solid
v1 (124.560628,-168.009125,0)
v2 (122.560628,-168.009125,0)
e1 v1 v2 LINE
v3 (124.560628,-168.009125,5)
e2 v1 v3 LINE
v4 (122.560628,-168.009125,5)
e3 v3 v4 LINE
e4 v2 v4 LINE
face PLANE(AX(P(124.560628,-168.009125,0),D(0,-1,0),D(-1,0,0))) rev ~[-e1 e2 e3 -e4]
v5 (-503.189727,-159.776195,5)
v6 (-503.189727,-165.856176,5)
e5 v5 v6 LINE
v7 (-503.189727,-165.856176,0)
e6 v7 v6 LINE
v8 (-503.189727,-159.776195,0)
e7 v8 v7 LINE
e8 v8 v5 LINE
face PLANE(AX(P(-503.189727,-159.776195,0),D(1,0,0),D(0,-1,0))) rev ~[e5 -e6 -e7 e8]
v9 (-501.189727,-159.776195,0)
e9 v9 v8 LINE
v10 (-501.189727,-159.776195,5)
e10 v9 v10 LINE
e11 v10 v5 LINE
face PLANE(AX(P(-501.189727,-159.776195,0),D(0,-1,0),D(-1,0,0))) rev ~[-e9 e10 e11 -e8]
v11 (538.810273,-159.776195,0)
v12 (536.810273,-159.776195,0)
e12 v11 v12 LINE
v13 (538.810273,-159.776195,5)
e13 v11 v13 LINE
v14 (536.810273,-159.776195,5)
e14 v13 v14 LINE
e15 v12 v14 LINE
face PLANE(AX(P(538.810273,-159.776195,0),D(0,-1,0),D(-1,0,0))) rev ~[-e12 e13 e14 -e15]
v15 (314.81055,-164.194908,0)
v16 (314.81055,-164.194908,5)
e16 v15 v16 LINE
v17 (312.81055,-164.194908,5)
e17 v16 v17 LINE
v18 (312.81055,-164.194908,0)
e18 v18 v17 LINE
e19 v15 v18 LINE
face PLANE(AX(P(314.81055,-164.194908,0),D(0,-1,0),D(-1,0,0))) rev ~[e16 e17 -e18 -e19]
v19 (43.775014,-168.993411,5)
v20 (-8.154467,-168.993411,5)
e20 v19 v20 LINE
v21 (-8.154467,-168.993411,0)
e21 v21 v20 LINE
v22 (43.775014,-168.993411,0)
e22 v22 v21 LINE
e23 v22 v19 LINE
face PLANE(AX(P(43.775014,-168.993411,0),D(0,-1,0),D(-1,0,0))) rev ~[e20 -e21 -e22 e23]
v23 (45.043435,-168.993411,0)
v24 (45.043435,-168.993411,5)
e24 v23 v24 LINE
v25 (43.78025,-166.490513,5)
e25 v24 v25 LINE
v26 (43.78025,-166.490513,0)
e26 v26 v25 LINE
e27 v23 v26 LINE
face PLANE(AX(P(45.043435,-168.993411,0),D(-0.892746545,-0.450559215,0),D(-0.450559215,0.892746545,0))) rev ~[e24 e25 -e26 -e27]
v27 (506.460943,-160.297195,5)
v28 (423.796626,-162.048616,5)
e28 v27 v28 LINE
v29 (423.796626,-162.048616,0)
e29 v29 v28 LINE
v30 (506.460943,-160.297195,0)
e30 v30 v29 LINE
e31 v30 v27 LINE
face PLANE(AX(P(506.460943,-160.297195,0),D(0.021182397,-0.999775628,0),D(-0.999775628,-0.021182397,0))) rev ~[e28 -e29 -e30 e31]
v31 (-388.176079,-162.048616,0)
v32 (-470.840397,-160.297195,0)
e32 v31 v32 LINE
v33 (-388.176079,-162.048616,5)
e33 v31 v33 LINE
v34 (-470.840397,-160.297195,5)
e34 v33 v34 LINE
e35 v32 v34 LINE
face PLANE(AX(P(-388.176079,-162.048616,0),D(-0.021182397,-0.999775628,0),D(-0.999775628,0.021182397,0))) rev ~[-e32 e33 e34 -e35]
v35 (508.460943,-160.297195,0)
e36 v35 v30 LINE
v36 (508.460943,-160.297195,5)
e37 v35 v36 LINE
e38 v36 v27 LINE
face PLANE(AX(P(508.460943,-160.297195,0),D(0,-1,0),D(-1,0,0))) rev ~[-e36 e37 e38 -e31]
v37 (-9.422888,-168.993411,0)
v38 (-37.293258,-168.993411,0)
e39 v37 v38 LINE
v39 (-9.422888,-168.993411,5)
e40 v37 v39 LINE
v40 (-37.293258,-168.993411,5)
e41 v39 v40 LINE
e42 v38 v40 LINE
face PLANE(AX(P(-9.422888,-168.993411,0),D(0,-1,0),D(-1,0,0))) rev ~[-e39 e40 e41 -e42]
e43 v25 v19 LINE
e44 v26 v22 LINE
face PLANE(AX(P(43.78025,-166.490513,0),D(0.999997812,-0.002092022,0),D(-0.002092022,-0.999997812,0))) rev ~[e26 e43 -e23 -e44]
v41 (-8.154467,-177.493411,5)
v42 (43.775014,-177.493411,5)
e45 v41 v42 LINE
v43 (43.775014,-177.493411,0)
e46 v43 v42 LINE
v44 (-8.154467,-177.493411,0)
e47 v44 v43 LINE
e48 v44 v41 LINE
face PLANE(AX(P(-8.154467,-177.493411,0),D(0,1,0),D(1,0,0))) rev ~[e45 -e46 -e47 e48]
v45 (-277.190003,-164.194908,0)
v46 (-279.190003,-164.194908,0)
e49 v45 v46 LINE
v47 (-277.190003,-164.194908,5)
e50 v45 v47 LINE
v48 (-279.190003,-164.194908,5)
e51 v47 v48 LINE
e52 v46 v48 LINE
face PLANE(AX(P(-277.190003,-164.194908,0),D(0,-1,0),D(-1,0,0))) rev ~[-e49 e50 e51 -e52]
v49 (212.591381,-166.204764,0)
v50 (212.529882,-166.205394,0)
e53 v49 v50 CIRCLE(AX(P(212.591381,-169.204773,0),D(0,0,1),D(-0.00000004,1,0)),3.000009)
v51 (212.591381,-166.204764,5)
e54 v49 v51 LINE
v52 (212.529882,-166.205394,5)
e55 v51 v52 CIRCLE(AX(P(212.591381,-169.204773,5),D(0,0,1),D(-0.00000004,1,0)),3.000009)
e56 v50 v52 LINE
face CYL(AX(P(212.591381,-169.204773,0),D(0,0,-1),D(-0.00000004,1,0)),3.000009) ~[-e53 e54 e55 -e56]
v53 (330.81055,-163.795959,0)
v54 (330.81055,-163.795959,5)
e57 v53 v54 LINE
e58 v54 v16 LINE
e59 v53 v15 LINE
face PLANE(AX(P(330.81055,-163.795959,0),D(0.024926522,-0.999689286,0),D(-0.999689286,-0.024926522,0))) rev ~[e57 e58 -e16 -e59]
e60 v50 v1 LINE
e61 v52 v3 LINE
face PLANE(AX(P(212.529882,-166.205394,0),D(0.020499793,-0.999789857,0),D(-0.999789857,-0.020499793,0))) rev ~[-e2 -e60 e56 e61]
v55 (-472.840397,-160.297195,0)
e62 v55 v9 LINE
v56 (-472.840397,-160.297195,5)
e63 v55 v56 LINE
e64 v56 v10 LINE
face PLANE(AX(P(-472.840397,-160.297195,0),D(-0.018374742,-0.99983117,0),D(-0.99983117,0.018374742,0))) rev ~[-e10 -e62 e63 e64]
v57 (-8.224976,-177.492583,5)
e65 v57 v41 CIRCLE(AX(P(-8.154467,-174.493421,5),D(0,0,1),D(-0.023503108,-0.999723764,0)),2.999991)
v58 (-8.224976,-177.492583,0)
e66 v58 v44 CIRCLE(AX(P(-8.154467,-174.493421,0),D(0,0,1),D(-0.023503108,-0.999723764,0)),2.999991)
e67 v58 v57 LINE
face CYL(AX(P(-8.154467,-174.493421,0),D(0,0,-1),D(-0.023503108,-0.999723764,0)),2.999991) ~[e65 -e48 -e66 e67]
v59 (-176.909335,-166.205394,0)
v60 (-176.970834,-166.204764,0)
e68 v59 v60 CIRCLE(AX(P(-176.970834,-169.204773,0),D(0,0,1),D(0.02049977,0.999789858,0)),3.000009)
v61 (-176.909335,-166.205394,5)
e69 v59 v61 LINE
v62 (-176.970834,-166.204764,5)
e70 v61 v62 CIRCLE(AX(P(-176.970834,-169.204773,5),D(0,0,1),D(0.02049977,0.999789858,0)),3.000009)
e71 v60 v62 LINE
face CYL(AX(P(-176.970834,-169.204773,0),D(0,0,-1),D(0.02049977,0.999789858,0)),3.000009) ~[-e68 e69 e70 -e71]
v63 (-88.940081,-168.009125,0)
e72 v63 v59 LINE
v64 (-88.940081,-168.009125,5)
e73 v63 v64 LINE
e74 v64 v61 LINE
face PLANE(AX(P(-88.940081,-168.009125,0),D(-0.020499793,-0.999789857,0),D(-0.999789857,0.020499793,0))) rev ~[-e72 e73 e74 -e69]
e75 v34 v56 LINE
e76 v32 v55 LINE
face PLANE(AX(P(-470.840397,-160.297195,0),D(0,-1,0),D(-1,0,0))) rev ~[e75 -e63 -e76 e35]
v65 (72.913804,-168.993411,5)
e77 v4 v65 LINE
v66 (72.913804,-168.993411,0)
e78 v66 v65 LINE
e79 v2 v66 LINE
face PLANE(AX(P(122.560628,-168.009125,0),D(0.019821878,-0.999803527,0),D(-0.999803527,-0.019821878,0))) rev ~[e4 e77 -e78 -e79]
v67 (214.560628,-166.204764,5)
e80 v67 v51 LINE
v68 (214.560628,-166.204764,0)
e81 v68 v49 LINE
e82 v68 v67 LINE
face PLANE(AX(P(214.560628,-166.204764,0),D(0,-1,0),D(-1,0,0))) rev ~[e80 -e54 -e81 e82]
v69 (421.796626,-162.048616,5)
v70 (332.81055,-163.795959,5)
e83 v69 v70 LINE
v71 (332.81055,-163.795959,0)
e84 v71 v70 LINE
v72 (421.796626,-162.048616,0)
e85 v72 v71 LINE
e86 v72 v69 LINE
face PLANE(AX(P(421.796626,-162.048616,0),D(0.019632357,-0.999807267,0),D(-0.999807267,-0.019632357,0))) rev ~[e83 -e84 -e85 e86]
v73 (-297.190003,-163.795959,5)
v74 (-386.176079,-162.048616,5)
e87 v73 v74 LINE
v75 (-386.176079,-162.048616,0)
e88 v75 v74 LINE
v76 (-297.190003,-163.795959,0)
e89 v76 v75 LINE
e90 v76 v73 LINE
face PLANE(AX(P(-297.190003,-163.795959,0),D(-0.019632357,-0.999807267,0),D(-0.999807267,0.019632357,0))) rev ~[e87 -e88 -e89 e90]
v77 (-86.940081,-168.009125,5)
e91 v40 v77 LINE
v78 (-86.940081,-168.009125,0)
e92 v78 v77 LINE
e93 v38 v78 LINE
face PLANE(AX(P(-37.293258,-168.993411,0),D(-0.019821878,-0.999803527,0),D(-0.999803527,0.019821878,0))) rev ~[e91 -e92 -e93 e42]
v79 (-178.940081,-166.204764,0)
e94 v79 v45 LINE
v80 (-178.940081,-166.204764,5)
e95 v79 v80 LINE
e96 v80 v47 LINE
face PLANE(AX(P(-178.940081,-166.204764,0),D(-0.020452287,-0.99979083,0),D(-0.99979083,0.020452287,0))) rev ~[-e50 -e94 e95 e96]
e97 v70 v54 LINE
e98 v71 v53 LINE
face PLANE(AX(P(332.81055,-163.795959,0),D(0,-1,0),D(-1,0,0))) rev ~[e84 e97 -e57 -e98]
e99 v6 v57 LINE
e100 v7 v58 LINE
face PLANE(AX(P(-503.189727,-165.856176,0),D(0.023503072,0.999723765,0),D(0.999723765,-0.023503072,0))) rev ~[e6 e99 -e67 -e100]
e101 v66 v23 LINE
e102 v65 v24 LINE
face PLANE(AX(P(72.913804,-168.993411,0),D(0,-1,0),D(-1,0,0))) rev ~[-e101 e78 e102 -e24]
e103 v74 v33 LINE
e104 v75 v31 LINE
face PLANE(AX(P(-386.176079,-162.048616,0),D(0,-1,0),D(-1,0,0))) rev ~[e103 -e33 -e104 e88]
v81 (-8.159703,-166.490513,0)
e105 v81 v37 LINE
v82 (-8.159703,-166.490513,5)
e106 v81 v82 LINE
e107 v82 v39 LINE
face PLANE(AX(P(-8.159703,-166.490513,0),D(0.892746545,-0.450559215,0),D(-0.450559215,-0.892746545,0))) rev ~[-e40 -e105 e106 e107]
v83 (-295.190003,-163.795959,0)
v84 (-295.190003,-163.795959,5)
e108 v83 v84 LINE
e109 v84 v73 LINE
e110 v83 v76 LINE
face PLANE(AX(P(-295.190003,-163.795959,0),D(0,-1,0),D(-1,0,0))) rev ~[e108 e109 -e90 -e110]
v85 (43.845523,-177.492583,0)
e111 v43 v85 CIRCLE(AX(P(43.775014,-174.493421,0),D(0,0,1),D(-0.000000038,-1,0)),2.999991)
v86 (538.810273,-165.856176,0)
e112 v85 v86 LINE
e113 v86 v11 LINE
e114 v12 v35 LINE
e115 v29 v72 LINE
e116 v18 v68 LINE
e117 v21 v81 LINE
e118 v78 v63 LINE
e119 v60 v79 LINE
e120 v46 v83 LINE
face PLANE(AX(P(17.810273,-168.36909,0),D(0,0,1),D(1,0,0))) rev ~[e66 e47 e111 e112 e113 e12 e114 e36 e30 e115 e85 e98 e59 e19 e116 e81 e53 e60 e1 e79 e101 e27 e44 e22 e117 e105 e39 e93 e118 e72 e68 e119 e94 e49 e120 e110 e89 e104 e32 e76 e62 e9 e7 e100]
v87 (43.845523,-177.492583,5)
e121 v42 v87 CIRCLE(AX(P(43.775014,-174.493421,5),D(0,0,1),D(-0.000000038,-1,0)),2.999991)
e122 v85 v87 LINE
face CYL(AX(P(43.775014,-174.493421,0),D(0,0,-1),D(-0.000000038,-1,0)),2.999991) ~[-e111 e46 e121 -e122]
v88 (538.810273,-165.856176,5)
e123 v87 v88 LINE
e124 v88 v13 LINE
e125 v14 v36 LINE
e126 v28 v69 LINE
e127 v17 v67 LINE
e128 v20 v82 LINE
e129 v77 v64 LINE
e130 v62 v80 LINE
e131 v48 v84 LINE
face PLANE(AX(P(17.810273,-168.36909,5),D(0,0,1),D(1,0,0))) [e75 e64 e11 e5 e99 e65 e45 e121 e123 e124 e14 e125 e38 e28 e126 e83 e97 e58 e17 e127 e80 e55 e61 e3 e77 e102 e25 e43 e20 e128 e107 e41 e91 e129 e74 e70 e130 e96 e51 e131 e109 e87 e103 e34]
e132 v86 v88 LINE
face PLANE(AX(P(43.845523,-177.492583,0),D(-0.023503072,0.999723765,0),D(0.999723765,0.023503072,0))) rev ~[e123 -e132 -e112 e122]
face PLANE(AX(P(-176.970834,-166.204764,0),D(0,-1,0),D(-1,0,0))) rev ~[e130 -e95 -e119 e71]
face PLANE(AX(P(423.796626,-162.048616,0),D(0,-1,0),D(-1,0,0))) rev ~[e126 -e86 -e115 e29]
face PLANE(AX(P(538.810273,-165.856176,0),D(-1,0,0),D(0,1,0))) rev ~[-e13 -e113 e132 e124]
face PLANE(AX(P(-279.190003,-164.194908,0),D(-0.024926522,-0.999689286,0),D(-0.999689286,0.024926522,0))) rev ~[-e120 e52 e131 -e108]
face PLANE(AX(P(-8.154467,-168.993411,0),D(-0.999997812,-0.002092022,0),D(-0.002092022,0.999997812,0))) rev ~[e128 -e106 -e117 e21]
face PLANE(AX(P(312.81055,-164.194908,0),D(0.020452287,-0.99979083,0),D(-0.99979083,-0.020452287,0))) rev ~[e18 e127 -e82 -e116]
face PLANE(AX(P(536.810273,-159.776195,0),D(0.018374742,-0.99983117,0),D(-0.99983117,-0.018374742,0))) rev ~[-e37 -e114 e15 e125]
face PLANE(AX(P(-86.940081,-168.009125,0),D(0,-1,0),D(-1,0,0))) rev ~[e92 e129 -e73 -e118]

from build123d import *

# Parameters (mm, degrees)
EXTRUDE_1_DEPTH = 5


with BuildPart() as part:
    # Model → 凸台-拉伸1 (new body)
    with BuildSketch(Plane.XY):
        with BuildLine():
            Line((43.845523177, -177.492582663), (538.81027344, -165.856176204))
            Line((538.81027344, -165.856176204), (538.81027344, -159.776195336))
            Line((538.81027344, -159.776195336), (536.81027344, -159.776195336))
            Line((536.81027344, -159.776195336), (508.460943442, -160.297194912))
            Line((508.460943442, -160.297194912), (506.460943442, -160.297194912))
            Line((506.460943442, -160.297194912), (423.796625507, -162.048616282))
            Line((423.796625507, -162.048616282), (421.796625507, -162.048616282))
            Line((421.796625507, -162.048616282), (332.810549536, -163.795959439))
            Line((332.810549536, -163.795959439), (330.810549536, -163.795959439))
            Line((330.810549536, -163.795959439), (314.810549536, -164.194907743))
            Line((314.810549536, -164.194907743), (312.810549536, -164.194907743))
            Line((312.810549536, -164.194907743), (214.560628282, -166.204763766))
            Line((214.560628282, -166.204763766), (212.591381202, -166.204763766))
            ThreePointArc((212.591381202, -166.204763766), (212.560629898, -166.204921378), (212.529881824, -166.205394195))
            Line((212.529881824, -166.205394195), (124.560628282, -168.009124705))
            Line((124.560628282, -168.009124705), (122.560628282, -168.009124705))
            Line((122.560628282, -168.009124705), (72.913804388, -168.993411369))
            Line((72.913804388, -168.993411369), (45.043435184, -168.993411369))
            Line((45.043435184, -168.993411369), (43.780250092, -166.49051255))
            Line((43.780250092, -166.49051255), (43.775013962, -168.993411369))
            Line((43.775013962, -168.993411369), (17.81027344, -168.993411369))
            Line((17.81027344, -168.993411369), (-8.154467083, -168.993411369))
            Line((-8.154467083, -168.993411369), (-8.159703213, -166.49051255))
            Line((-8.159703213, -166.49051255), (-9.422888304, -168.993411369))
            Line((-9.422888304, -168.993411369), (-37.293257509, -168.993411369))
            Line((-37.293257509, -168.993411369), (-86.940081403, -168.009124705))
            Line((-86.940081403, -168.009124705), (-88.940081403, -168.009124705))
            Line((-88.940081403, -168.009124705), (-176.909334945, -166.205394195))
            ThreePointArc((-176.909334945, -166.205394195), (-176.940083018, -166.204921378), (-176.970834323, -166.204763766))
            Line((-176.970834323, -166.204763766), (-178.940081403, -166.204763766))
            Line((-178.940081403, -166.204763766), (-277.190002657, -164.194907743))
            Line((-277.190002657, -164.194907743), (-279.190002657, -164.194907743))
            Line((-279.190002657, -164.194907743), (-295.190002657, -163.795959439))
            Line((-295.190002657, -163.795959439), (-297.190002657, -163.795959439))
            Line((-297.190002657, -163.795959439), (-386.176078628, -162.048616282))
            Line((-386.176078628, -162.048616282), (-388.176078628, -162.048616282))
            Line((-388.176078628, -162.048616282), (-470.840396563, -160.297194912))
            Line((-470.840396563, -160.297194912), (-472.840396563, -160.297194912))
            Line((-472.840396563, -160.297194912), (-501.18972656, -159.776195336))
            Line((-501.18972656, -159.776195336), (-503.18972656, -159.776195336))
            Line((-503.18972656, -159.776195336), (-503.18972656, -165.856176204))
            Line((-503.18972656, -165.856176204), (-8.224976298, -177.492582663))
            ThreePointArc((-8.224976298, -177.492582663), (-8.189724125, -177.493204186), (-8.154467083, -177.493411369))
            Line((-8.154467083, -177.493411369), (17.81027344, -177.493411369))
            Line((17.81027344, -177.493411369), (43.775013962, -177.493411369))
            ThreePointArc((43.775013962, -177.493411369), (43.810271005, -177.493204186), (43.845523177, -177.492582663))
        make_face()
    extrude(amount=EXTRUDE_1_DEPTH)


solid = part.part
